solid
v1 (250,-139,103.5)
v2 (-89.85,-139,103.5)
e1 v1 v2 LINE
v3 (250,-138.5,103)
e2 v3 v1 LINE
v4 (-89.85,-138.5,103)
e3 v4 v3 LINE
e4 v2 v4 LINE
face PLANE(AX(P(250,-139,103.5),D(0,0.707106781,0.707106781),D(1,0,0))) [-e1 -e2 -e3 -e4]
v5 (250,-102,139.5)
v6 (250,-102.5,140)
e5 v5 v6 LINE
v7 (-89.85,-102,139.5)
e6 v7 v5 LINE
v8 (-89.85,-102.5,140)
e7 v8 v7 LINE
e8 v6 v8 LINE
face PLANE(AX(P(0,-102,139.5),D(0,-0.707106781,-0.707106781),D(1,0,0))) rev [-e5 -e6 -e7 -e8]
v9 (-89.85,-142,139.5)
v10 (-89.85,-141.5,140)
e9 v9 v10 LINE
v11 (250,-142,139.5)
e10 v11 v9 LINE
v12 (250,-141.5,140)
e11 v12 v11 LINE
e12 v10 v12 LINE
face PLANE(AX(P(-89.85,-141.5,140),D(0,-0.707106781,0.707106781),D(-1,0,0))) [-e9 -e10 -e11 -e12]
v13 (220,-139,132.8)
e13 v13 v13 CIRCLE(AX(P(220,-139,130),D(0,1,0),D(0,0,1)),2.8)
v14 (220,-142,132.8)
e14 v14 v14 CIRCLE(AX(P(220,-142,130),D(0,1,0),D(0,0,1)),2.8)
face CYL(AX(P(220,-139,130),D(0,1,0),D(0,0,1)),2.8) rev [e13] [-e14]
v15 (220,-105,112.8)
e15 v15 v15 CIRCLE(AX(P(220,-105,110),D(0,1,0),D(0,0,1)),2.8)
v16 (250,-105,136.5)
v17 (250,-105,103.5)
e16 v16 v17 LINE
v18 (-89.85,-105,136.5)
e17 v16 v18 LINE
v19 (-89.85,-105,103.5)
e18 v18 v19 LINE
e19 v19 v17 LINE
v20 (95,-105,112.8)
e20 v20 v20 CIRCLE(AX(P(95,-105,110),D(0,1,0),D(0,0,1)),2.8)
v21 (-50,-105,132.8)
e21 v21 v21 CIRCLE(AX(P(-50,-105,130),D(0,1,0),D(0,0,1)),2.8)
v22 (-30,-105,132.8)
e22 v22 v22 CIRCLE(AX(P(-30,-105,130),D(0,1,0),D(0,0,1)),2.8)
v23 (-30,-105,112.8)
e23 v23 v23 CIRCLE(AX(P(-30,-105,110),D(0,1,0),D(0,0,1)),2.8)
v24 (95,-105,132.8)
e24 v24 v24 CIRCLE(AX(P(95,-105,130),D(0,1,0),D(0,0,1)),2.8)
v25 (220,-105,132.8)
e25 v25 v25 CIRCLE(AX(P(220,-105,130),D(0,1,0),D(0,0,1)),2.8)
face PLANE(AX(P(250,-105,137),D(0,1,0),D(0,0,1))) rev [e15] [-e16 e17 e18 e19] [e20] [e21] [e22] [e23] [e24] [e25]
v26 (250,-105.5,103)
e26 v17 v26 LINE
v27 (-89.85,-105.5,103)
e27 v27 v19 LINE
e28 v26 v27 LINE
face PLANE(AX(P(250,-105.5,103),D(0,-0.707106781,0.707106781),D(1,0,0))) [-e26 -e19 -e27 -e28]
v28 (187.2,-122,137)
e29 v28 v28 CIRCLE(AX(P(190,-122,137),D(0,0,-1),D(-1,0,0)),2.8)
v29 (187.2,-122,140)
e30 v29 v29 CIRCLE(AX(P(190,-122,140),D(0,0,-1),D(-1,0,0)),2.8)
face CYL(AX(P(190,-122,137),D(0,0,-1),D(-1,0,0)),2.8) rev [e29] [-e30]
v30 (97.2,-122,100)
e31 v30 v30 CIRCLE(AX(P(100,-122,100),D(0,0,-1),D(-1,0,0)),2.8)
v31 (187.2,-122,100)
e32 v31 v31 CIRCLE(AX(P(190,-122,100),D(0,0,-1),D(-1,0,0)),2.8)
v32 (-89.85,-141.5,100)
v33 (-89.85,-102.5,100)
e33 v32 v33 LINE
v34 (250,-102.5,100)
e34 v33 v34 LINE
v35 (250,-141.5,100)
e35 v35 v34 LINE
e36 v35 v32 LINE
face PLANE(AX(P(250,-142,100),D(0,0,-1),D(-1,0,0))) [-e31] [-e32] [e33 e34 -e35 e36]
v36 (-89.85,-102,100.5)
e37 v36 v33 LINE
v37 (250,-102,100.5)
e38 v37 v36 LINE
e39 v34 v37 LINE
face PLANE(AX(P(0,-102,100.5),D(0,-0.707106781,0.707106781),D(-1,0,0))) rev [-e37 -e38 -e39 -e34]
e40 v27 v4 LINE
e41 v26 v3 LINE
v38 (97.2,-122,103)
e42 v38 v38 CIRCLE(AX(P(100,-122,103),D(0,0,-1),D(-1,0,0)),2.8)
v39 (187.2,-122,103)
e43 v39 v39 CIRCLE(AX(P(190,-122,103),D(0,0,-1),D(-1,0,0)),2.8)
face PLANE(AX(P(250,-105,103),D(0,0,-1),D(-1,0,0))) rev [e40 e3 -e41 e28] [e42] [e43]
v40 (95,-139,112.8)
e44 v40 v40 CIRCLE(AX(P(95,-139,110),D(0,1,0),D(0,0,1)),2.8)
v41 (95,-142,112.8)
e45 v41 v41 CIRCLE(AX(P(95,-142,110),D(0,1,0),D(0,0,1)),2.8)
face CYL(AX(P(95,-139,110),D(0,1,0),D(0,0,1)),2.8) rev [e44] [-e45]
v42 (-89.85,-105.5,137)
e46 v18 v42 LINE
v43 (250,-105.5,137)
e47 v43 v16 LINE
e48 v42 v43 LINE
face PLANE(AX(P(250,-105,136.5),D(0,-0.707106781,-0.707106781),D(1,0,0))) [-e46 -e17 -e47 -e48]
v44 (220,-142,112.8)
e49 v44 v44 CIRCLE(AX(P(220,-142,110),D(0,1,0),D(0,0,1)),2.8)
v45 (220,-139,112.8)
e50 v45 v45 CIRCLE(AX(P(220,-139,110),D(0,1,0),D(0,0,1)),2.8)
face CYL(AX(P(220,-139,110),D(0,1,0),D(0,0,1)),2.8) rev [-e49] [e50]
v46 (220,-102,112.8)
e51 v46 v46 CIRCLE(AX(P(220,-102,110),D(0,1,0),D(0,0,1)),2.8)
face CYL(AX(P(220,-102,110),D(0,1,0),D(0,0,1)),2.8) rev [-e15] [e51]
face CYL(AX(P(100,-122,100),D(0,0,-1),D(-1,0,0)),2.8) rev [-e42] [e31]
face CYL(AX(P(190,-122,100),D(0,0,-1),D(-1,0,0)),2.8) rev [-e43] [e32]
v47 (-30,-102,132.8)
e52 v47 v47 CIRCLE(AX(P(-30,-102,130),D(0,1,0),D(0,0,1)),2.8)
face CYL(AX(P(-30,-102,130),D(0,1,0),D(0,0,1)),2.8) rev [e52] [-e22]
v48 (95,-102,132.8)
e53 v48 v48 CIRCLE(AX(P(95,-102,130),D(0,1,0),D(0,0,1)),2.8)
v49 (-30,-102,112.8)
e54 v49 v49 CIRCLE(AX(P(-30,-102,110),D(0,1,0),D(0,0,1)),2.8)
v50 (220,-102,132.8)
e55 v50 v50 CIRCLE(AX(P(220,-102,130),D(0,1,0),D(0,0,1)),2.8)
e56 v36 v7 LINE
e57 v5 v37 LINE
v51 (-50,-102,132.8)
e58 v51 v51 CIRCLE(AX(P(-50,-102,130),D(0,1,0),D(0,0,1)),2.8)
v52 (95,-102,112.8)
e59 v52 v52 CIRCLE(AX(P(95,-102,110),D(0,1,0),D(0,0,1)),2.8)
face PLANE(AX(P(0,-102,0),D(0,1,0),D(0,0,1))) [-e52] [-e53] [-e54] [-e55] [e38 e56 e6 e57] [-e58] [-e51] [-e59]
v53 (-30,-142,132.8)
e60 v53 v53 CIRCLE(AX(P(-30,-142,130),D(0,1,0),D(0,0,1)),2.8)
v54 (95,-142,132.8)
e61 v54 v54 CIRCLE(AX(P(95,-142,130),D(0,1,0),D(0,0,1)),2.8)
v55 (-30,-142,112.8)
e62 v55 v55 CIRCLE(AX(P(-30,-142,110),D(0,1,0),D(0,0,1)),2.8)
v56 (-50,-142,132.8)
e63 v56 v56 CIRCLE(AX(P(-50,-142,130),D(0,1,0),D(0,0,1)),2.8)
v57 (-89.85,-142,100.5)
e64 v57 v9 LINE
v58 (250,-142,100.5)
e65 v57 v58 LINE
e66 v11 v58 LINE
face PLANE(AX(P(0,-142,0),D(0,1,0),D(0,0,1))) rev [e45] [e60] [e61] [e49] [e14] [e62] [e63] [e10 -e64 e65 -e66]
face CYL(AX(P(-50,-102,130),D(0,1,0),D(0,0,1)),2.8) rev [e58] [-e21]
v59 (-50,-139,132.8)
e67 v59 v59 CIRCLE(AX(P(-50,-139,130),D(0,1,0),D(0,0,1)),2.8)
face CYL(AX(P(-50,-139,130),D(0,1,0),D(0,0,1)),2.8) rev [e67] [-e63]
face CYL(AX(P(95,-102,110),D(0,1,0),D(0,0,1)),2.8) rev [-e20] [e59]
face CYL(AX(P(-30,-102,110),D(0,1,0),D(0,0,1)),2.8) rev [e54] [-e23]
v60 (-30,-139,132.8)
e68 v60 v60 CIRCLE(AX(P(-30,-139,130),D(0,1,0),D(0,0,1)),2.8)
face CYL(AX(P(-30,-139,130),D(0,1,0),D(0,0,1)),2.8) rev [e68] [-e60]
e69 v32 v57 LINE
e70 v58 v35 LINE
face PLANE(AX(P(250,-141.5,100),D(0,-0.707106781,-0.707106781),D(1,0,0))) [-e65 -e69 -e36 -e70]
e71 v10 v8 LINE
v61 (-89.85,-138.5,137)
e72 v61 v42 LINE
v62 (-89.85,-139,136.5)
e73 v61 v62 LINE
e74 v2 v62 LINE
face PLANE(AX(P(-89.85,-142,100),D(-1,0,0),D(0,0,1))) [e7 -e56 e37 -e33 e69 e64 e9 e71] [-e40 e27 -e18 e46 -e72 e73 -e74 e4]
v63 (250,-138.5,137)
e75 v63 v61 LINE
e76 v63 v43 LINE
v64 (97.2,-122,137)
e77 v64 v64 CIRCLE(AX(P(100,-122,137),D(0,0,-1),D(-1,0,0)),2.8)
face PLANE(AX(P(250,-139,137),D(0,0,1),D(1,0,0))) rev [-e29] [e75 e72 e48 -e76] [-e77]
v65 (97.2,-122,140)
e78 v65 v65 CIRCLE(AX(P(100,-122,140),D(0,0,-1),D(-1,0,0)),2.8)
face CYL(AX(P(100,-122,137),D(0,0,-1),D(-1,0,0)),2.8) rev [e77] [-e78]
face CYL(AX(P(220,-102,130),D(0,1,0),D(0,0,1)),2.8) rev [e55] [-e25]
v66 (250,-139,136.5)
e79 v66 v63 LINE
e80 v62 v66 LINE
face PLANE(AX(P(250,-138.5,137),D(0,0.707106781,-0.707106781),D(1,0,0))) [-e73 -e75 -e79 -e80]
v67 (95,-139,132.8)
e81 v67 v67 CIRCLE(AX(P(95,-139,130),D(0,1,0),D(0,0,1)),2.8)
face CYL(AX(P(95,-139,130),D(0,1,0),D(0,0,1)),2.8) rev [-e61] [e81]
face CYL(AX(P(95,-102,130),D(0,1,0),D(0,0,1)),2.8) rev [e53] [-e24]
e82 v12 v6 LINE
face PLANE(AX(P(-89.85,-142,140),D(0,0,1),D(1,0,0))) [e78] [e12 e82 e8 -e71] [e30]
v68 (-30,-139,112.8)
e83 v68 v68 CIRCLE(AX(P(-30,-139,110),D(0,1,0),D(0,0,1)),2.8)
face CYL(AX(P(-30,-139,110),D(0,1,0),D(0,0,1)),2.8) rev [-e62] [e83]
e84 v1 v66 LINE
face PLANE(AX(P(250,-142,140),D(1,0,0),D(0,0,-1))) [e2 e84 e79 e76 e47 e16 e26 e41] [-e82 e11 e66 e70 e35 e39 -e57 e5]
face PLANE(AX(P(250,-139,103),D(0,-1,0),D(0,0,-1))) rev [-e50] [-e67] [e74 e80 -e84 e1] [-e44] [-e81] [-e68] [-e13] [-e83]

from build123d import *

# Parameters (mm, degrees)
SKETCH1_W                      = 339.85
SKETCH1_H                      = 40
BOSS_EXTRUDE1_DEPTH            = 40
SKETCH2_W                      = 34
SKETCH2_H                      = 34
CUT_EXTRUDE1_DEPTH             = 395.033022093
F_5_6_5_6_DIAMETER_HOLE1_D     = 5.6
F_5_6_5_6_DIAMETER_HOLE1_DEPTH = 3
F_5_6_5_6_DIAMETER_HOLE2_D     = 5.6
F_5_6_5_6_DIAMETER_HOLE2_DEPTH = 3
F_5_6_5_6_DIAMETER_HOLE3_D     = 5.6
F_5_6_5_6_DIAMETER_HOLE4_D     = 5.6
F_5_6_5_6_DIAMETER_HOLE4_DEPTH = 40
CHAMFER1_SIZE                  = 0.5


with BuildPart() as part:
    # Sketch1 → Boss-Extrude1 (new body)
    with BuildSketch(Plane(origin=(0, -102, 0), x_dir=(1, 0, 0), z_dir=(0, 1, 0))):
        with Locations((80.075, -120)):
            Rectangle(SKETCH1_W, SKETCH1_H)
    extrude(amount=-BOSS_EXTRUDE1_DEPTH)

    # Sketch2 → Cut-Extrude1 (cut, through all)
    with BuildSketch(Plane.ZY.offset(89.85)):
        with Locations((120, -122)):
            Rectangle(SKETCH2_W, SKETCH2_H)
    extrude(amount=-CUT_EXTRUDE1_DEPTH, mode=Mode.SUBTRACT)

    # Ø5.6 (5.6) Diameter Hole1
    with Locations(Plane(origin=(0, -139, 0), x_dir=(1, 0, 0), z_dir=(0, 1, 0))):
        with Locations((220, -130), (95, -130), (220, -110), (95, -110), (-30, -130), (-50, -130), (-30, -110)):
            Hole(F_5_6_5_6_DIAMETER_HOLE1_D / 2, depth=F_5_6_5_6_DIAMETER_HOLE1_DEPTH)

    # Ø5.6 (5.6) Diameter Hole2
    with Locations(Plane(origin=(0, 0, 100), x_dir=(-1, 0, 0), z_dir=(0, 0, -1))):
        with Locations((-190, -122), (-100, -122)):
            Hole(F_5_6_5_6_DIAMETER_HOLE2_D / 2, depth=F_5_6_5_6_DIAMETER_HOLE2_DEPTH)

    # Ø5.6 (5.6) Diameter Hole3 (through all)
    with Locations(Plane(origin=(0, 0, 137), x_dir=(-1, 0, 0), z_dir=(0, 0, -1))):
        with Locations((-190, -122), (-100, -122)):
            Hole(F_5_6_5_6_DIAMETER_HOLE3_D / 2)

    # Ø5.6 (5.6) Diameter Hole4
    with Locations(Plane(origin=(0, -102, 0), x_dir=(1, 0, 0), z_dir=(0, 1, 0))):
        with Locations((220, -130), (95, -130), (220, -110), (95, -110), (-30, -130), (-50, -130), (-30, -110)):
            Hole(F_5_6_5_6_DIAMETER_HOLE4_D / 2, depth=F_5_6_5_6_DIAMETER_HOLE4_DEPTH)

    # Chamfer1
    chamfer1_edges = [part.edges().sort_by_distance(p)[0] for p in [
        (80.075, -142, 100),
        (80.075, -139, 103),
        (80.075, -105, 103),
        (80.075, -105, 137),
        (80.075, -139, 137),
        (80.075, -142, 140),
        (80.075, -102, 100),
        (80.075, -102, 140),
    ]]
    chamfer(chamfer1_edges, length=CHAMFER1_SIZE)


solid = part.part
